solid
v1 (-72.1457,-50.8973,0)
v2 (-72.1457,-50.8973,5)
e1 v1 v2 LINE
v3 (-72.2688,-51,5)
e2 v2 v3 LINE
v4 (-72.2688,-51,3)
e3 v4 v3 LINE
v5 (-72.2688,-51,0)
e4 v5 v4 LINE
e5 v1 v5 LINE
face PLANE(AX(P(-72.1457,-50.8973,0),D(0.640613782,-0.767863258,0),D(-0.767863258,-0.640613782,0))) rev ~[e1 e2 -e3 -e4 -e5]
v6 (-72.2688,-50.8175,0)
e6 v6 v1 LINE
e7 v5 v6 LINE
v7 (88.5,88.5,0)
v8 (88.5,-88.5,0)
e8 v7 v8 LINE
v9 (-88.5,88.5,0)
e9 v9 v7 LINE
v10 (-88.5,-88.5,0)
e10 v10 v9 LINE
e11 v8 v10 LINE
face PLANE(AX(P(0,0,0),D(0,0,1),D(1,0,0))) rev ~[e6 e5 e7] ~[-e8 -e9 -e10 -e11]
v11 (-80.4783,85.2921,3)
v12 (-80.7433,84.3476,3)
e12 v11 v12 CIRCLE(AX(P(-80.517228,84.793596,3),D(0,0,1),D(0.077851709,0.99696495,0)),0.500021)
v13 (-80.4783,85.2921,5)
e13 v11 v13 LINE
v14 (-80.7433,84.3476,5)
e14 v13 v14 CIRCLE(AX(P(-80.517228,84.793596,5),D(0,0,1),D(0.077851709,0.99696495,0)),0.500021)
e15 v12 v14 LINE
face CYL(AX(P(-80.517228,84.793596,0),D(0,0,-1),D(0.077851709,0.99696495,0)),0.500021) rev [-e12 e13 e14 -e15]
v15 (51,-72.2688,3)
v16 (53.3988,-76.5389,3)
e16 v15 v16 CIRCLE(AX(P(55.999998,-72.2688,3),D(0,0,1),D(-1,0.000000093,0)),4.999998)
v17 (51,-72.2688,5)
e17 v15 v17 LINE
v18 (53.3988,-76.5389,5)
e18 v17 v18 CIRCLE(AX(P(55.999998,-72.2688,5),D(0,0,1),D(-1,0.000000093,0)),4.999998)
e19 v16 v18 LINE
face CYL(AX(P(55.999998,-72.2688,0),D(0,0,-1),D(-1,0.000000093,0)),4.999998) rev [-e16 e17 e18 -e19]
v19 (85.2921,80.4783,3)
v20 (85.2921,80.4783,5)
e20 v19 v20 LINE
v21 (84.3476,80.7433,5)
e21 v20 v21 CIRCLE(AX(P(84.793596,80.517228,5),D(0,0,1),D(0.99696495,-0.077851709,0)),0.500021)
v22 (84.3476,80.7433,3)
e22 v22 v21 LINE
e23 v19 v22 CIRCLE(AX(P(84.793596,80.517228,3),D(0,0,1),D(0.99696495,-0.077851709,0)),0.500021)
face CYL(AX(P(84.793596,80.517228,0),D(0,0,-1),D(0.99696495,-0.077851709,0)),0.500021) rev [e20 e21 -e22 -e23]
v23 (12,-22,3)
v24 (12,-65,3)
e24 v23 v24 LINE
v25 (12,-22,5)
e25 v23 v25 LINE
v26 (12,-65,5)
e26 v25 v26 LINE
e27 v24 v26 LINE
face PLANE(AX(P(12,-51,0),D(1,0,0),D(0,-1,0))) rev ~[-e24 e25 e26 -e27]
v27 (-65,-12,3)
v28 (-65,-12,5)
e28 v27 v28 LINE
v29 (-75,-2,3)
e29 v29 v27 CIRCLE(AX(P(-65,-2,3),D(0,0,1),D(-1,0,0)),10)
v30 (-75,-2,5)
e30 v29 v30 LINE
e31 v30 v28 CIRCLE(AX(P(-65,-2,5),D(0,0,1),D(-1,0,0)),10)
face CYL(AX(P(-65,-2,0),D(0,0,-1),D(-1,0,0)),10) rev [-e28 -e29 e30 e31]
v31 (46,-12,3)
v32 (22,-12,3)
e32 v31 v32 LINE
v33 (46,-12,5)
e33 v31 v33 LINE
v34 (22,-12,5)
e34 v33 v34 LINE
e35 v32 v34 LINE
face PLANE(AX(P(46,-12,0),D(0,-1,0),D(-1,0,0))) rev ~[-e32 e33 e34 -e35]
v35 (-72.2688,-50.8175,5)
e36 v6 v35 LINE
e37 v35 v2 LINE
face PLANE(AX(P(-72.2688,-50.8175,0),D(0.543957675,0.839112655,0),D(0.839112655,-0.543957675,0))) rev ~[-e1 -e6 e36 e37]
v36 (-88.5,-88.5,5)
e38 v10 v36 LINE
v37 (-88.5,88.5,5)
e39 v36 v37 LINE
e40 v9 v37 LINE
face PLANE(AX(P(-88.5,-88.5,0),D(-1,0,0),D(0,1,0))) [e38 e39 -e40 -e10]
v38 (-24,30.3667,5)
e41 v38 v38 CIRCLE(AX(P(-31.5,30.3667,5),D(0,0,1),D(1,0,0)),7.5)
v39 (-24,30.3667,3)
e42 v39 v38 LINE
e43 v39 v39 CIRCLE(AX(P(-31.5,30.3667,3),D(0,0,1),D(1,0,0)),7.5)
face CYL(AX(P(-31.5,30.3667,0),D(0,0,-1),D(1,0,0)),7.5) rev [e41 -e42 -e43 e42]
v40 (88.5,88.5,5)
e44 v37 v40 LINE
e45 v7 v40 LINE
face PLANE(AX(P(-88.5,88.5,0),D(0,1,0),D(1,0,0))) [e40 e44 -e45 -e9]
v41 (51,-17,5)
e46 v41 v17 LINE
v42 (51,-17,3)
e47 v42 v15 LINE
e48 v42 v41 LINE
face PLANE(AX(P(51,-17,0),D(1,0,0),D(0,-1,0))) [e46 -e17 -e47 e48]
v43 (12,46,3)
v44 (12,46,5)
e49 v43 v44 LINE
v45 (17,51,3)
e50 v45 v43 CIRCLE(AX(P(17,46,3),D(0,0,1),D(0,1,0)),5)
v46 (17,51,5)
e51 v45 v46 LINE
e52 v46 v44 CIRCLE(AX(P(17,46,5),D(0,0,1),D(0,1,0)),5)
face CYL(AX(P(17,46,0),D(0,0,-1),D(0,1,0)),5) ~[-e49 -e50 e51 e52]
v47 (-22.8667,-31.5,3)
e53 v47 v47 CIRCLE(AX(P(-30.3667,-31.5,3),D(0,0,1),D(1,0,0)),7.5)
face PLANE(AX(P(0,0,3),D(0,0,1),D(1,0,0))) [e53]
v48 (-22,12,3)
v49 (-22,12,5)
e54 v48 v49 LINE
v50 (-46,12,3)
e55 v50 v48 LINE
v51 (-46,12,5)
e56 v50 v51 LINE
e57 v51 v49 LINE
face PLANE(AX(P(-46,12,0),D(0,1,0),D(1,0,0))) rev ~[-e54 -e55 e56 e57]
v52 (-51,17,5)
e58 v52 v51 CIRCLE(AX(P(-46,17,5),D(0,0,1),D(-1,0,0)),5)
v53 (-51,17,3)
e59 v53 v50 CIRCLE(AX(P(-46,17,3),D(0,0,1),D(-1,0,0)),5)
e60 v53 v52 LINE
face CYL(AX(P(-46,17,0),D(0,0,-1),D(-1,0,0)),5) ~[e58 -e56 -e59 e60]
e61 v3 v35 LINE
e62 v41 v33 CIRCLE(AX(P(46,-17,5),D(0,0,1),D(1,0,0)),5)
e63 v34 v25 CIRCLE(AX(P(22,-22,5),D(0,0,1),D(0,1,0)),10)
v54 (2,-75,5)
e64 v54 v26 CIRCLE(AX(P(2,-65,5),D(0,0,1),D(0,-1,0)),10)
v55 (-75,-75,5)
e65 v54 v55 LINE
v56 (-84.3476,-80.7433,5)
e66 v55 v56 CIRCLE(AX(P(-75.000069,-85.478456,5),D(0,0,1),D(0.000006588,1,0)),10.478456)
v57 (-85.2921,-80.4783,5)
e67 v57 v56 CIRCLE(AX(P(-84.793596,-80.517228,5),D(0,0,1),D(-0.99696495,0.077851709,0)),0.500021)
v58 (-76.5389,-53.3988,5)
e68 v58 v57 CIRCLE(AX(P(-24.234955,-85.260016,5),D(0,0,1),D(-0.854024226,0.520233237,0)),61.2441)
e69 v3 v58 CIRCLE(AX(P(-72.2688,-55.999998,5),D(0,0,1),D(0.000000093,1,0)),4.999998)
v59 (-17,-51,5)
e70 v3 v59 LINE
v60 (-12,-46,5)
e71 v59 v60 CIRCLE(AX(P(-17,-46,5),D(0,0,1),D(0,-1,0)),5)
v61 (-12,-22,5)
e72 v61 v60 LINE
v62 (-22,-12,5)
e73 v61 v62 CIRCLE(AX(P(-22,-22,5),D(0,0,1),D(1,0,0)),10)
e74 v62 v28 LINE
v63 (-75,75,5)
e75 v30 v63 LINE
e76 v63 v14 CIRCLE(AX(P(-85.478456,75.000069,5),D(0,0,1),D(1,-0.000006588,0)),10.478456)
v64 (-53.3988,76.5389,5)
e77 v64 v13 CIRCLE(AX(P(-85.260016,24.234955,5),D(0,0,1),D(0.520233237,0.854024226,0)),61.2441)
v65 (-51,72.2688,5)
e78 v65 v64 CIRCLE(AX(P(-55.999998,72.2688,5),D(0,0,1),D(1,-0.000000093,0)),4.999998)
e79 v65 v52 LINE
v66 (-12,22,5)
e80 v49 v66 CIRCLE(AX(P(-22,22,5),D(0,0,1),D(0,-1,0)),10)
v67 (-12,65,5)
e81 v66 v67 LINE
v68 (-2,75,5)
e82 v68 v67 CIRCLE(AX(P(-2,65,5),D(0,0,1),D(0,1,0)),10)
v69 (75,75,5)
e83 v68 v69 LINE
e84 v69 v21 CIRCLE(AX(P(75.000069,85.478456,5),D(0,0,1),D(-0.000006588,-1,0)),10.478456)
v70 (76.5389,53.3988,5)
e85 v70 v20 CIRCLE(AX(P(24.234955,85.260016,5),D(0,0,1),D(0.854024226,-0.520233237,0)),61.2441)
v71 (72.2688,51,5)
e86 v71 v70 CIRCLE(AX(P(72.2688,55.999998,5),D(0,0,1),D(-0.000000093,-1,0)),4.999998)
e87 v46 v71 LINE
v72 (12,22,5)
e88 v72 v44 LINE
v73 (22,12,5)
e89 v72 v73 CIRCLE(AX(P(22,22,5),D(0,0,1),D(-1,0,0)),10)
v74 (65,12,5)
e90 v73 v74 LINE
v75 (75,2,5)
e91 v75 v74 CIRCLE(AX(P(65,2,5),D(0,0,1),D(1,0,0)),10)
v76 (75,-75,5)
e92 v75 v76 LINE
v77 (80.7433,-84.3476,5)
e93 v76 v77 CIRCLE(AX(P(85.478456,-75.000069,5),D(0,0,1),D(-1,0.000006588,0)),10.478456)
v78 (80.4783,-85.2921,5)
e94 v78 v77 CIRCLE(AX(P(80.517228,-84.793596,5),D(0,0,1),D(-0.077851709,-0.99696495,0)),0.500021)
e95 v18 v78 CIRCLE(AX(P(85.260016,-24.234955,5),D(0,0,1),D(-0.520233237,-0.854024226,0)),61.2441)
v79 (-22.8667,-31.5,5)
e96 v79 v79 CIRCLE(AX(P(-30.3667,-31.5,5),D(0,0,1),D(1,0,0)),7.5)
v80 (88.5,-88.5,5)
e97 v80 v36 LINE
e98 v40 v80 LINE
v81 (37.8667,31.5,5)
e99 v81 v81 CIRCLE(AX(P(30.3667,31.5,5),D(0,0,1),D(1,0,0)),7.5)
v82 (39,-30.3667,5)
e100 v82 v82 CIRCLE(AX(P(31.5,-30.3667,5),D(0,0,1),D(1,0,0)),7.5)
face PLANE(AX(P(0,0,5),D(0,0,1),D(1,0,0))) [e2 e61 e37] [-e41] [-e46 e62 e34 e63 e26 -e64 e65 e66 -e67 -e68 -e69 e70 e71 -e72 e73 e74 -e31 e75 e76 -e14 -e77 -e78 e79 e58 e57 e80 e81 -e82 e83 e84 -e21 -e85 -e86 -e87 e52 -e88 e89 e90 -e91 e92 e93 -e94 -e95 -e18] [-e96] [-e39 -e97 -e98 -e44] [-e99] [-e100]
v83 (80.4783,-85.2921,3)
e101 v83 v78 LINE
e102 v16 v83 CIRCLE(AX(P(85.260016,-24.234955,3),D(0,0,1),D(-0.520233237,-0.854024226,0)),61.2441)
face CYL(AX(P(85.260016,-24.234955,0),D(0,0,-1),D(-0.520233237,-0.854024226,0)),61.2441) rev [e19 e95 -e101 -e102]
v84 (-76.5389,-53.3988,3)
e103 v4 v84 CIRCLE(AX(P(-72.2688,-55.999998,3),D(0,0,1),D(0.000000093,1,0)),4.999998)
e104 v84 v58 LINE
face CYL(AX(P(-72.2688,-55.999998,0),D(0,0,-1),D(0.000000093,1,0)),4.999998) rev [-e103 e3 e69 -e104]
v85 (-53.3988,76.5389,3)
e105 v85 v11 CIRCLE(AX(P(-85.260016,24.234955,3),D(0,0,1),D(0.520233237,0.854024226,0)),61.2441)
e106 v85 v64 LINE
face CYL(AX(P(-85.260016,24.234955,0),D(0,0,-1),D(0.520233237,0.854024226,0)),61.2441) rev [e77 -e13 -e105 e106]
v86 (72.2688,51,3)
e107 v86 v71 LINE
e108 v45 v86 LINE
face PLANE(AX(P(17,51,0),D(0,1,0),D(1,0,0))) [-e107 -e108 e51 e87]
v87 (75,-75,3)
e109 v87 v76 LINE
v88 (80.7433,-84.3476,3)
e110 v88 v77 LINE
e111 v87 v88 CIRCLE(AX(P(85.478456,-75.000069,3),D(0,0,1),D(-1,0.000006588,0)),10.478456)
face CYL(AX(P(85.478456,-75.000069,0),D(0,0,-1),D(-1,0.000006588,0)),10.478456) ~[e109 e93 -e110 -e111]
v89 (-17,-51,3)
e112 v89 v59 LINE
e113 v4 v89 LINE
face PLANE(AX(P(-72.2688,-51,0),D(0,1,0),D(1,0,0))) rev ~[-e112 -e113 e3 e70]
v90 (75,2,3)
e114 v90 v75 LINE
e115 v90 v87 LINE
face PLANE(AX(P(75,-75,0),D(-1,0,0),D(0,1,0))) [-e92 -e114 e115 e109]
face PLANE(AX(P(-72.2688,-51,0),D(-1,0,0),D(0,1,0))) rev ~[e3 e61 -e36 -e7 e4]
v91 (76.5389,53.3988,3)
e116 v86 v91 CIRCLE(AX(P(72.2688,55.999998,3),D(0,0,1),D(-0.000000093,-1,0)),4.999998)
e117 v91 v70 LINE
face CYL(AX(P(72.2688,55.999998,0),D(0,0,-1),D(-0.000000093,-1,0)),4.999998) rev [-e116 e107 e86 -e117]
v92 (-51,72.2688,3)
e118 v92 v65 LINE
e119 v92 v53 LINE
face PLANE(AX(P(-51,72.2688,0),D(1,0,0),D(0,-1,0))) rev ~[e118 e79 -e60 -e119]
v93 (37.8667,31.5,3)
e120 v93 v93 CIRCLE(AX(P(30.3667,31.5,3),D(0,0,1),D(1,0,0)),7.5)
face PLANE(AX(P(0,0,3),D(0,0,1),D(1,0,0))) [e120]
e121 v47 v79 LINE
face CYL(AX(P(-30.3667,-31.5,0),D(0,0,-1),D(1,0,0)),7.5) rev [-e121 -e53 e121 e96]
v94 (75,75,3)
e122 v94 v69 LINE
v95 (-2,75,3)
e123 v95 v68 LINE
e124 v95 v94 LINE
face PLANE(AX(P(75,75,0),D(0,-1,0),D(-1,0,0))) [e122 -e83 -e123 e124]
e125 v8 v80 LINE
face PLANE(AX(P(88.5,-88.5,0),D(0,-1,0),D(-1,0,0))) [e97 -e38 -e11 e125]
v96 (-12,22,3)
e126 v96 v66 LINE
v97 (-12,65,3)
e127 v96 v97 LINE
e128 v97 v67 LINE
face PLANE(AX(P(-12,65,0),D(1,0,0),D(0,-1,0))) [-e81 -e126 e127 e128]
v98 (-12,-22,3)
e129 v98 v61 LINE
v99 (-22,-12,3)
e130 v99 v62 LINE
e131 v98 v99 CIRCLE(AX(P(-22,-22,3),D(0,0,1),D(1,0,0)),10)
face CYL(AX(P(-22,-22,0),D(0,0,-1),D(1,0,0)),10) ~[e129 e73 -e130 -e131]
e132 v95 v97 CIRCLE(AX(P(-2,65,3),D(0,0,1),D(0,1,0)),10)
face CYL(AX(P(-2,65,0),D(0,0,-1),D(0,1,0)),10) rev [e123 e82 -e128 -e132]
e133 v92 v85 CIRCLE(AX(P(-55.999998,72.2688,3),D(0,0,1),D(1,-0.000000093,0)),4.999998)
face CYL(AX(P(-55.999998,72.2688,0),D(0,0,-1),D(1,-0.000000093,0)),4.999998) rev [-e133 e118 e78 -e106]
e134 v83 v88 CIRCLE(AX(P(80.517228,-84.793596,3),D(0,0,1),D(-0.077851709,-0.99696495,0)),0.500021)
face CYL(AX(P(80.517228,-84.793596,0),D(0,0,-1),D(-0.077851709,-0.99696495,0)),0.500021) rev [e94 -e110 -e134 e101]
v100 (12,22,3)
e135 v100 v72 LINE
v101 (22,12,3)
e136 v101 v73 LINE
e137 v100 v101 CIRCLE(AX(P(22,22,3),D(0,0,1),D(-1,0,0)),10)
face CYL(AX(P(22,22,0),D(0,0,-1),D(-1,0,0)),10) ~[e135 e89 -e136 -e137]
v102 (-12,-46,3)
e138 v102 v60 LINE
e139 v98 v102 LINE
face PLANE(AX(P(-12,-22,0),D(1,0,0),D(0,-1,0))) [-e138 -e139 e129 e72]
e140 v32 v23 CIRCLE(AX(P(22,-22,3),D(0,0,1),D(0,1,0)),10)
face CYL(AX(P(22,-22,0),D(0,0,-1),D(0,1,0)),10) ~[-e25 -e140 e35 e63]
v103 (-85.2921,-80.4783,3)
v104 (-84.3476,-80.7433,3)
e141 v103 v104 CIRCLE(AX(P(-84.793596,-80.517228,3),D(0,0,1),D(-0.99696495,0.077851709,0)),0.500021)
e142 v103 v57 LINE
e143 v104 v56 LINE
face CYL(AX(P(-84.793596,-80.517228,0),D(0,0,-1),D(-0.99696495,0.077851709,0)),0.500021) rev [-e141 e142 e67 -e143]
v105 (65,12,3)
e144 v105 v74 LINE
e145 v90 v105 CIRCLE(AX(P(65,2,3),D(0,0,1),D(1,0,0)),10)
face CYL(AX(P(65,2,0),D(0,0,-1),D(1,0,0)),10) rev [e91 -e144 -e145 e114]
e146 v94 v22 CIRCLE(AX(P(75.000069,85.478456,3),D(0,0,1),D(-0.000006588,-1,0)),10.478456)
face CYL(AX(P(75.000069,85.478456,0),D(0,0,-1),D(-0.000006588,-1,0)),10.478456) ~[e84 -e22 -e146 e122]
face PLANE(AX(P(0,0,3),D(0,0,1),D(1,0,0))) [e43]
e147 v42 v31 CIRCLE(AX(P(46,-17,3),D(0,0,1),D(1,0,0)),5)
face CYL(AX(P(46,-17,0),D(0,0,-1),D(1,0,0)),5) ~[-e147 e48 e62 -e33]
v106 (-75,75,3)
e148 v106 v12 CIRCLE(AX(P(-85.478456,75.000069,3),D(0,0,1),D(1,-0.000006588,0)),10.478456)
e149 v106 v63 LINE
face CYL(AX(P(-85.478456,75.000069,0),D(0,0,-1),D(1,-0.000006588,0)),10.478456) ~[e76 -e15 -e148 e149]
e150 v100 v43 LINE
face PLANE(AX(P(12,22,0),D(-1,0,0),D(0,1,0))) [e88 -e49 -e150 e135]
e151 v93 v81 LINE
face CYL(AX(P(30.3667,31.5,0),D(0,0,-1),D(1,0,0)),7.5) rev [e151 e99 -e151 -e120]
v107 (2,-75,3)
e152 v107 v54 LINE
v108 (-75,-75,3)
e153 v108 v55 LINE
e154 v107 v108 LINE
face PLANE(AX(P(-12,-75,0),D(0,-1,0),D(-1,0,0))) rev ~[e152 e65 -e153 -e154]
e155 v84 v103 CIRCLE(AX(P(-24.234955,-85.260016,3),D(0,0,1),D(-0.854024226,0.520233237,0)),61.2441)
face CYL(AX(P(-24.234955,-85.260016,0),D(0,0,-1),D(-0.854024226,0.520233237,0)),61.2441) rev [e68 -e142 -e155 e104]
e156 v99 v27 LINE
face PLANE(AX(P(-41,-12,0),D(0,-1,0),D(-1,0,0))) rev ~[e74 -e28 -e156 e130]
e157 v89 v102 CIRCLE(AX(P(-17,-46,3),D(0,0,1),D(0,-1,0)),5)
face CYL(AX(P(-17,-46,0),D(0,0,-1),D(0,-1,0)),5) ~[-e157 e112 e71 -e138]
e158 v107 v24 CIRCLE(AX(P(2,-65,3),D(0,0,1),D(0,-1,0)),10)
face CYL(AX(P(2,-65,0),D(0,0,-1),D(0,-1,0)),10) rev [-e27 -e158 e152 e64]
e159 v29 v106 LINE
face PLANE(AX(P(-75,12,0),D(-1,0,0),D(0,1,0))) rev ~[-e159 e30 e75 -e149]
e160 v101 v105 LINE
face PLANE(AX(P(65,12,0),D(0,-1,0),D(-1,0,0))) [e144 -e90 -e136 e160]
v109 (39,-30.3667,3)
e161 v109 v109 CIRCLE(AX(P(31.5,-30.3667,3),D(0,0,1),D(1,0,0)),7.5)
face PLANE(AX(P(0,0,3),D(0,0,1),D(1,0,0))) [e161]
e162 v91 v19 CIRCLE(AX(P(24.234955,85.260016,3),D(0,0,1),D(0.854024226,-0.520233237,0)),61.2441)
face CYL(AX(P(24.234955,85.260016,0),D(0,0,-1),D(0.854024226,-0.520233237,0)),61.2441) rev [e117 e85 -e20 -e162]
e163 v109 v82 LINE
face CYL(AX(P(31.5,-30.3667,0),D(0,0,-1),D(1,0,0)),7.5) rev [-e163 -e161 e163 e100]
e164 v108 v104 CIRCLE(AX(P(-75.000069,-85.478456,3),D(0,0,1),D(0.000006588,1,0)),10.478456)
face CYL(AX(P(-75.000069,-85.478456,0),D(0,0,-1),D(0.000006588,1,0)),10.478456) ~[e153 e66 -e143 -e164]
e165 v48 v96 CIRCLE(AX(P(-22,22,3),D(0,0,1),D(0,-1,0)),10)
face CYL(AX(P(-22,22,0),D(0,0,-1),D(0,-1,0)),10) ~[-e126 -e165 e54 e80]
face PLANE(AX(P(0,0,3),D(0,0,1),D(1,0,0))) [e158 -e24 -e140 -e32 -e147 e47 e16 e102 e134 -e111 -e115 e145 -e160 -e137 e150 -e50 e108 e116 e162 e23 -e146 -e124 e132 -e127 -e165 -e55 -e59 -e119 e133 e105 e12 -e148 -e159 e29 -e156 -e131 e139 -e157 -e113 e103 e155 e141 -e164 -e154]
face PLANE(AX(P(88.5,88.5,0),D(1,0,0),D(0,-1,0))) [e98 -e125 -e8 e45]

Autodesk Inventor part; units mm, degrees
ref_plane "YZ Plane" through (0, 0, 0) normal (1, 0, 0) x (0, 1, 0)
ref_plane "XZ Plane" through (0, 0, 0) normal (0, 1, 0) x (-1, 0, 0)
ref_plane "XY Plane" through (0, 0, 0) normal (0, 0, 1) x (1, 0, 0)
sketch "Sketch1" plane through (0, 0, 0) normal (0, 0, 1) x (1, 0, 0)
  line L0 (75, 2) -> (75, -22)
  line L1 (-75, -2) -> (-75, 12)
  line L2 (-41, -12) -> (-65, -12)
  line L3 (-75, -2) -> (-75, 75)
  line L4 (-12, -75) -> (2, -75)
  line L5 (12, 75) -> (-2, 75)
  line L6 (75, 75) -> (-2, 75)
  line L7 (-12, 65) -> (-12, 53.1826)
  line L8 (2, -75) -> (-75, -75)
  line L9 (12, -51) -> (12, -65)
  line L10 (65, 12) -> (51, 12)
  line L11 (75, -75) -> (75, 2)
  line L12 (-75, -2) -> (-75, 75)
  line L13 (2, -75) -> (-75, -75)
  line L14 (75, 2) -> (75, -75)
  line L15 (-2, 75) -> (75, 75)
  line L16 (-51, 72.2688) -> (-51, 17)
  line L17 (51, -17) -> (51, -72.2688)
  line L18 (-72.2688, -51) -> (-17, -51)
  line L19 (17, 51) -> (72.2688, 51)
  line L20 (46, -12) -> (22, -12)
  line L21 (-22, -12) -> (-65, -12)
  line L22 (-46, 12) -> (-22, 12)
  line L23 (22, 12) -> (65, 12)
  line L24 (-12, 65) -> (-12, 22)
  line L25 (-12, -22) -> (-12, -46)
  line L26 (12, 22) -> (12, 46)
  line L27 (12, -65) -> (12, -22)
  arc A0 (-12, -22) -> (-22, -12) centre (-22, -22) ccw
  arc A1 (22, -12) -> (12, -22) centre (22, -22) ccw
  arc A2 (-22, 12) -> (-12, 22) centre (-22, 22) ccw
  arc A3 (12, 22) -> (22, 12) centre (22, 22) ccw
  arc A4 (17, 51) -> (12, 46) centre (17, 46) ccw
  arc A5 (51, -17) -> (46, -12) centre (46, -17) ccw
  arc A6 (-17, -51) -> (-12, -46) centre (-17, -46) ccw
  arc A7 (-51, 17) -> (-46, 12) centre (-46, 17) ccw
  arc A8 (75, 2) -> (65, 12) centre (65, 2) ccw
  arc A9 (-75, -2) -> (-65, -12) centre (-65, -2) ccw
  arc A10 (2, -75) -> (12, -65) centre (2, -65) ccw
  arc A11 (-2, 75) -> (-12, 65) centre (-2, 65) ccw
  circle A12 centre (-31.5, 30.3667) radius 7.5
  circle A13 centre (-30.3667, -31.5) radius 7.5
  circle A14 centre (31.5, -30.3667) radius 7.5
  circle A15 centre (30.3667, 31.5) radius 7.5
  arc A16 (-75, 75) -> (-80.7433, 84.3476) centre (-85.4787, 75) ccw
  arc A17 (-53.3988, 76.5389) -> (-80.4783, 85.2921) centre (-85.2605, 24.2339) ccw
  arc A18 (-80.4783, 85.2921) -> (-80.7433, 84.3476) centre (-80.5173, 84.7937) ccw
  arc A19 (-51, 72.2688) -> (-53.3988, 76.5389) centre (-56, 72.2688) ccw
  arc A20 (-75, -75) -> (-84.3476, -80.7433) centre (-75, -85.4787) ccw
  arc A21 (-85.2921, -80.4783) -> (-84.3476, -80.7433) centre (-84.7937, -80.5173) ccw
  arc A22 (-76.5389, -53.3988) -> (-85.2921, -80.4783) centre (-24.2339, -85.2605) ccw
  arc A23 (-72.2688, -51) -> (-76.5389, -53.3988) centre (-72.2688, -56) ccw
  arc A24 (75, -75) -> (80.7433, -84.3476) centre (85.4787, -75) ccw
  arc A25 (80.4783, -85.2921) -> (80.7433, -84.3476) centre (80.5173, -84.7937) ccw
  arc A26 (53.3988, -76.5389) -> (80.4783, -85.2921) centre (85.2605, -24.2339) ccw
  arc A27 (51, -72.2688) -> (53.3988, -76.5389) centre (56, -72.2688) ccw
  arc A28 (75, 75) -> (84.3476, 80.7433) centre (75, 85.4787) ccw
  arc A29 (85.2921, 80.4783) -> (84.3476, 80.7433) centre (84.7937, 80.5173) ccw
  arc A30 (76.5389, 53.3988) -> (85.2921, 80.4783) centre (24.2339, 85.2605) ccw
  arc A31 (72.2688, 51) -> (76.5389, 53.3988) centre (72.2688, 56) ccw
  line L28 (-72.2688, -51) -> (-72.2688, -50.8175)
  line L29 (-72.2688, -50.8175) -> (-72.1457, -50.8973)
  line L30 (-72.1457, -50.8973) -> (-72.2688, -51)
  line L31 (-88.5, 88.5) -> (88.5, 88.5)
  line L32 (88.5, 88.5) -> (88.5, -88.5)
  line L33 (88.5, -88.5) -> (-88.5, -88.5)
  line L34 (-88.5, -88.5) -> (-88.5, 88.5)
  line L35 (-88.5, 88.5) -> (88.5, -88.5) construction
  line L36 (88.5, 88.5) -> (-88.5, -88.5) construction
  point P0 (0, 0)
  dimension "d16" = 150
  dimension "d17" = 150
  dimension "d18" = 24
  dimension "d19" = 24
  dimension "d25" = 24
  dimension "d28" = 10
  dimension "d29" = 5
  dimension "d30" = 10
  dimension "d31" = 15
  dimension "d34" = 360
  dimension "d36" = 0.5
  dimension "d37" = 5
  dimension "d40" = 360
  dimension "d42" = 177
  dimension "d43" = 177
extrude "Extrusion1" add sketch "Sketch1" along normal blind 5
extrude "Extrusion2" add sketch "Sketch1" along normal blind 3 contours L0 L11 A24 A25 A26 A27 L17 A5 L20 A1 L27 L9 A10 L4 L8 A20 A21 A22 A23 L18 A6 L25 A0 L21 L2 A9 L1 L3 A16 A18 A17 A19 L16 A7 L22 A2 L24 L7 A11 L5 L6 A28 A29 A30 A31 L19 A4 L26 A3 L23 L10 A8 | A12 | A13 | A14 | A15
properties part number "swastik@2"
